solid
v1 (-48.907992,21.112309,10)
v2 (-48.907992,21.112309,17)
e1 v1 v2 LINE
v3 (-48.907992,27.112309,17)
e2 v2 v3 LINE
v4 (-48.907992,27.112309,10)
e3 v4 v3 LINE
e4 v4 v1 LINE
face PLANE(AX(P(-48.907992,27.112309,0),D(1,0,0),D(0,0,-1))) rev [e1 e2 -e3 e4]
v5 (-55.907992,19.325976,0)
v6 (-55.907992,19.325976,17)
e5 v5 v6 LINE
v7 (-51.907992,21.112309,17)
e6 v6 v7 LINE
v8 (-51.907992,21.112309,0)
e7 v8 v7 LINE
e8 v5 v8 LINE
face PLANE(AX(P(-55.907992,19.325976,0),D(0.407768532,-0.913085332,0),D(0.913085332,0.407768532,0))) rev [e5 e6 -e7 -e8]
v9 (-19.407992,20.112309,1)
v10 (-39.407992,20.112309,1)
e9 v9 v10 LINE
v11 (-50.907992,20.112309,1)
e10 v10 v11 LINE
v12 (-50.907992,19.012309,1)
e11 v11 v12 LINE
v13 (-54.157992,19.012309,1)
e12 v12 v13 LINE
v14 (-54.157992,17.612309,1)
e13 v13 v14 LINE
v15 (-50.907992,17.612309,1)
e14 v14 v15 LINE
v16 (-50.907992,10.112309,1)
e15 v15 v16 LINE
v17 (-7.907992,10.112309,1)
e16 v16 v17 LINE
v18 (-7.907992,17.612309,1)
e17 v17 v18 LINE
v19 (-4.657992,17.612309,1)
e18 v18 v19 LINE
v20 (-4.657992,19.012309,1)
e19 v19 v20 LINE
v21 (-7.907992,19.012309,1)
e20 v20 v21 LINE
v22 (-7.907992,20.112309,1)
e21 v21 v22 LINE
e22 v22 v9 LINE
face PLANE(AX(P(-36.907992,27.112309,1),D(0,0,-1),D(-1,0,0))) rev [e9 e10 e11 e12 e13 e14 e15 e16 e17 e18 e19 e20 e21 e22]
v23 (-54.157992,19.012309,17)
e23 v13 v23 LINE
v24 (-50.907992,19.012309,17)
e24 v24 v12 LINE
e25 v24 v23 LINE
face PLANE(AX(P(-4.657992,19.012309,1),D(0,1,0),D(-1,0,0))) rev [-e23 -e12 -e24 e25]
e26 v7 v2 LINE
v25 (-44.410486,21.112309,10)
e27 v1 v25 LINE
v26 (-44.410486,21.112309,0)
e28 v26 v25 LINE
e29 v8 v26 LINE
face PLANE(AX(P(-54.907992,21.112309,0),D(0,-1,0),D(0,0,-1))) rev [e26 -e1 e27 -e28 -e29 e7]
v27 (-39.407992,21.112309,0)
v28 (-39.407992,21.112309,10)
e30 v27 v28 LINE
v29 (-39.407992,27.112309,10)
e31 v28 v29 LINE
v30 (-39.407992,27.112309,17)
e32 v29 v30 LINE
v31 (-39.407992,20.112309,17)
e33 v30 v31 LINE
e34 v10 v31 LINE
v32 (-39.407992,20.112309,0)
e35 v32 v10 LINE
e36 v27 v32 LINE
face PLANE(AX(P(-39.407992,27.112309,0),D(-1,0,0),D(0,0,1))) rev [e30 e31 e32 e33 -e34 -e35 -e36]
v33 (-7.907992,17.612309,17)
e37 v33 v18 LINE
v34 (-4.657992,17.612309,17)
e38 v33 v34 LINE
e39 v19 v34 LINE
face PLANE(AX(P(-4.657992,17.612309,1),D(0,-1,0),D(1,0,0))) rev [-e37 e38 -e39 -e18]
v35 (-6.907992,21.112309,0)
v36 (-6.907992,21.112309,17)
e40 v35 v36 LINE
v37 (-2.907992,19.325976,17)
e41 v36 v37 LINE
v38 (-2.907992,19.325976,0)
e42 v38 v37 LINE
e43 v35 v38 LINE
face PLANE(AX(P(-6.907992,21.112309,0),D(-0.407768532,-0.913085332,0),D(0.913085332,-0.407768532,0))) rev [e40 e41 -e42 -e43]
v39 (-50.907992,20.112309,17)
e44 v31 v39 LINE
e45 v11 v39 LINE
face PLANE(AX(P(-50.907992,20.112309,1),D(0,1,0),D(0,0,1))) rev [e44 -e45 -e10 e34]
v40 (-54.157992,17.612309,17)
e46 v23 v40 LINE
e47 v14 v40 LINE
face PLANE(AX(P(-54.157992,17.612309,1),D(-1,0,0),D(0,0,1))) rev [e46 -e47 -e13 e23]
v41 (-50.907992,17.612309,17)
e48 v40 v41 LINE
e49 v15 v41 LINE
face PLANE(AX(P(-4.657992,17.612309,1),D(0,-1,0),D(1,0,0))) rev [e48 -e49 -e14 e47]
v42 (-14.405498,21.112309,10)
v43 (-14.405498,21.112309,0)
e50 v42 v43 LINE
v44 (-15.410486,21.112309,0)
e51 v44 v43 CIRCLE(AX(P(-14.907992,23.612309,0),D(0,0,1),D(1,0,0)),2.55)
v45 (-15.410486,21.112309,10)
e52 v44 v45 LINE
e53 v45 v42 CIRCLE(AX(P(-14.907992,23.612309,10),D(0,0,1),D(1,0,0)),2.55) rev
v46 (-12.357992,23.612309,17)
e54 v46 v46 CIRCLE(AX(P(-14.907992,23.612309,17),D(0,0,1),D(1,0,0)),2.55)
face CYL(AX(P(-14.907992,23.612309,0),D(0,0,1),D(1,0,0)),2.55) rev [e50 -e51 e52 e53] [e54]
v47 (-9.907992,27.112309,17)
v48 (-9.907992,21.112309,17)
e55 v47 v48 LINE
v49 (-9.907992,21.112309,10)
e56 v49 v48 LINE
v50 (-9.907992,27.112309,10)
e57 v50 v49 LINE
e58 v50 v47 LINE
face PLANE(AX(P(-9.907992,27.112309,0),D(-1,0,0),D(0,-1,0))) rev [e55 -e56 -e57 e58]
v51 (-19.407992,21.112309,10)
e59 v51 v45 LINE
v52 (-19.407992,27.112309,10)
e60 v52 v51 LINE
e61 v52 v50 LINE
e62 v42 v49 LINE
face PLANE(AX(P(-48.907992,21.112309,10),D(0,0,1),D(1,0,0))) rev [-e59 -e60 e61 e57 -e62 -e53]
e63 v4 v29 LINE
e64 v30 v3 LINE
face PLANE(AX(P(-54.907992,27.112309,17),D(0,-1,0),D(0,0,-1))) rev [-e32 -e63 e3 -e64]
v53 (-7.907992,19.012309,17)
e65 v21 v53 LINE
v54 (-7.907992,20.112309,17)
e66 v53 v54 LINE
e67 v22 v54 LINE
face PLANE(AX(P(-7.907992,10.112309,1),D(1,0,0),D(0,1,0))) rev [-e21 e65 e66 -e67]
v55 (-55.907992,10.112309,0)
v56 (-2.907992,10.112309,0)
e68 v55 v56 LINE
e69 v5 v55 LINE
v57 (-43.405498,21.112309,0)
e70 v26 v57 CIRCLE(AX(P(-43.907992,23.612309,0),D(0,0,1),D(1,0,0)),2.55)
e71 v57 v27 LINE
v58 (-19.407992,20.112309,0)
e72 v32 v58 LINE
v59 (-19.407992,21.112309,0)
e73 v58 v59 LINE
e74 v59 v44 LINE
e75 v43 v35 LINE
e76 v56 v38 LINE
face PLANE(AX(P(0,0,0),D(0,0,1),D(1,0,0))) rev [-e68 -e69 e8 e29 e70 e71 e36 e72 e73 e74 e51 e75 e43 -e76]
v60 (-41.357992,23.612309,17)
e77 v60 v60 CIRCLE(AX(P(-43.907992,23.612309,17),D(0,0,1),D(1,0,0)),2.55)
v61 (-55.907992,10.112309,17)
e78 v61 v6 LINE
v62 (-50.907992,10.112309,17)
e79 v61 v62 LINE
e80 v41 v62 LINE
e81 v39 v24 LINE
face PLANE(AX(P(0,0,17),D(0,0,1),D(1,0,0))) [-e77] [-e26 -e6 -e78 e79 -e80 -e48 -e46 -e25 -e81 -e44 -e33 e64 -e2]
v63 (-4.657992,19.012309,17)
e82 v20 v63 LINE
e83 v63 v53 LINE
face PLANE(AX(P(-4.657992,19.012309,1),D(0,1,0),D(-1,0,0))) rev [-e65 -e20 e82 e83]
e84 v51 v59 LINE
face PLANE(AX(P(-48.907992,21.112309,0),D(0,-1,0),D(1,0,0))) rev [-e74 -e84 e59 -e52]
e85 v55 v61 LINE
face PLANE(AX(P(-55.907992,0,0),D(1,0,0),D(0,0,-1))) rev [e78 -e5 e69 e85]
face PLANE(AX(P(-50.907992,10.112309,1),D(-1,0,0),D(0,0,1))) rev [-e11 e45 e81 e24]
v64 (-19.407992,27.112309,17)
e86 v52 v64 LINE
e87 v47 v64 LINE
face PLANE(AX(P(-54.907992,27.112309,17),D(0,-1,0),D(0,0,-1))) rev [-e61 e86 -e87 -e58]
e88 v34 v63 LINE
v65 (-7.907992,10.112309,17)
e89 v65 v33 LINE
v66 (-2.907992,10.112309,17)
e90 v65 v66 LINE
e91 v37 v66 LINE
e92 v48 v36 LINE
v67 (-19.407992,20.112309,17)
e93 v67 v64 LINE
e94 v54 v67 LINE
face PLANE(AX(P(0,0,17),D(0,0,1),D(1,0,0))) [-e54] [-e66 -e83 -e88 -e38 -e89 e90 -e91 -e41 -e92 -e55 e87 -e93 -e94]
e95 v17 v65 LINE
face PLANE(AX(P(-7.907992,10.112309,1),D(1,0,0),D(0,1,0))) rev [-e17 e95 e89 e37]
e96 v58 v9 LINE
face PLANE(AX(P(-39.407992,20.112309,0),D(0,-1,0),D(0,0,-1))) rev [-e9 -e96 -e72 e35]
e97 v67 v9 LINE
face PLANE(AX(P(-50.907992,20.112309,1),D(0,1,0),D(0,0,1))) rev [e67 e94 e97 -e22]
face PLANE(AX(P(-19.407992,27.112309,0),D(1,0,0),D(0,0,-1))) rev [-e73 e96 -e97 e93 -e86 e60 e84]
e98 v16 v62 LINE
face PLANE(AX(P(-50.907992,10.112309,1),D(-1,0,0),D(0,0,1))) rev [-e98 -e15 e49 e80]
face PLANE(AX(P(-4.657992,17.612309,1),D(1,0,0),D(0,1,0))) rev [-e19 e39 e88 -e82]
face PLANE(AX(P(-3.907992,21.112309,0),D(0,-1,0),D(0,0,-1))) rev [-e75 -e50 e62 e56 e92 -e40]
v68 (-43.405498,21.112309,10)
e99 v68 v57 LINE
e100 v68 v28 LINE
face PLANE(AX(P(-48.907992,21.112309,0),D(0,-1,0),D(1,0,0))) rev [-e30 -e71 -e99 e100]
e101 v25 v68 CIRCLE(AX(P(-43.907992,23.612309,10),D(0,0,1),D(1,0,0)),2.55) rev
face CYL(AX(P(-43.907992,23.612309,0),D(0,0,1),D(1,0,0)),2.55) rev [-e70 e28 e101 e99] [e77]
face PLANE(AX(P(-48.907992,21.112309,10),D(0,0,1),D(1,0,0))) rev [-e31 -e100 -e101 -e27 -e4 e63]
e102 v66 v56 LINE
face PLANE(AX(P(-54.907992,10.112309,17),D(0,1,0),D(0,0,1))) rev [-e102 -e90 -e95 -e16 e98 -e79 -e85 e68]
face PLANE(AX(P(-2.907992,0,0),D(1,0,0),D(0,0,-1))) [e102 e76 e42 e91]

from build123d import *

# Parameters (mm, degrees)
CROQUIS1_W              = 51
CROQUIS1_H              = 17
SALIENTE_EXTRUIR1_DEPTH = 17
CROQUIS2_W              = 15
CROQUIS2_H              = 16
CORTAR_EXTRUIR1_DEPTH   = 17
CROQUIS3_W              = 43
CROQUIS3_H              = 10
CORTAR_EXTRUIR2_DEPTH   = 16
CORTAR_EXTRUIR3_START   = -17
CROQUIS5_R              = 2.55
CORTAR_EXTRUIR3_DEPTH   = 17
CROQUIS6_W              = 49.5
CROQUIS6_H              = 1.4
CORTAR_EXTRUIR4_DEPTH   = 16
CORTAR_EXTRUIR5_START   = -17
CROQUIS7_W              = 6
CROQUIS7_H              = 6
CROQUIS7_W_2            = 20
CROQUIS7_H_2            = 7
CORTAR_EXTRUIR5_DEPTH   = 17
CORTAR_EXTRUIR6_START   = -39
CROQUIS8_W              = 10
CROQUIS8_H              = 6
CORTAR_EXTRUIR6_DEPTH   = 39
CROQUIS10_W             = 17
CROQUIS10_H             = 11
SALIENTE_EXTRUIR4_DEPTH = 1
CROQUIS11_W             = 17
CROQUIS11_H             = 11
SALIENTE_EXTRUIR5_DEPTH = 1
CORTAR_EXTRUIR7_START   = -17
CORTAR_EXTRUIR7_DEPTH   = 17


with BuildPart() as part:
    # Croquis1 → Saliente-Extruir1 (new body)
    with BuildSketch(Plane.XY):
        with Locations((-29.407991935, 18.612308998)):
            Rectangle(CROQUIS1_W, CROQUIS1_H)
    extrude(amount=SALIENTE_EXTRUIR1_DEPTH)

    # Croquis2 → Cortar-Extruir1 (cut)
    with BuildSketch(Plane.XZ.offset(-10.112308998)):
        with Locations((-29.407991935, 9)):
            Rectangle(CROQUIS2_W, CROQUIS2_H)
    extrude(amount=-CORTAR_EXTRUIR1_DEPTH, mode=Mode.SUBTRACT)

    # Croquis3 → Cortar-Extruir2 (cut)
    with BuildSketch(Plane.XY.offset(17)):
        with Locations((-29.407991935, 15.112308998)):
            Rectangle(CROQUIS3_W, CROQUIS3_H)
    extrude(amount=-CORTAR_EXTRUIR2_DEPTH, mode=Mode.SUBTRACT)

    # Croquis5 → Cortar-Extruir3 (cut)
    with BuildSketch(Plane.XY.offset(17).offset(CORTAR_EXTRUIR3_START)):
        with Locations((-43.907991935, 23.612308998)):
            Circle(CROQUIS5_R)
        with Locations((-14.907991935, 23.612308998)):
            Circle(CROQUIS5_R)
    extrude(amount=CORTAR_EXTRUIR3_DEPTH, mode=Mode.SUBTRACT)

    # Croquis6 → Cortar-Extruir4 (cut)
    with BuildSketch(Plane.XY.offset(17)):
        with Locations((-29.407991935, 18.312308998)):
            Rectangle(CROQUIS6_W, CROQUIS6_H)
    extrude(amount=-CORTAR_EXTRUIR4_DEPTH, mode=Mode.SUBTRACT)

    # Croquis7 → Cortar-Extruir5 (cut)
    with BuildSketch(Plane.XY.offset(17).offset(CORTAR_EXTRUIR5_START)):
        with Locations((-6.907991935, 24.112308998)):
            Rectangle(CROQUIS7_W, CROQUIS7_H)
        with Locations((-51.907991935, 24.112308998)):
            Rectangle(CROQUIS7_W, CROQUIS7_H)
        with Locations((-29.407991935, 23.612308998)):
            Rectangle(CROQUIS7_W_2, CROQUIS7_H_2)
    extrude(amount=CORTAR_EXTRUIR5_DEPTH, mode=Mode.SUBTRACT)

    # Croquis8 → Cortar-Extruir6 (cut)
    with BuildSketch(Plane(origin=(-9.907991935, 0, 0), x_dir=(0, 0, -1), z_dir=(1, 0, 0)).offset(CORTAR_EXTRUIR6_START)):
        with Locations((-5, 24.112308998)):
            Rectangle(CROQUIS8_W, CROQUIS8_H)
    extrude(amount=CORTAR_EXTRUIR6_DEPTH, mode=Mode.SUBTRACT)

    # Croquis10 → Saliente-Extruir4 (add)
    with BuildSketch(Plane.ZY.offset(54.907991935)):
        with Locations((8.5, 15.612308998)):
            Rectangle(CROQUIS10_W, CROQUIS10_H)
    extrude(amount=SALIENTE_EXTRUIR4_DEPTH)

    # Croquis11 → Saliente-Extruir5 (add)
    with BuildSketch(Plane(origin=(-3.907991935, 0, 0), x_dir=(0, 0, -1), z_dir=(1, 0, 0))):
        with Locations((-8.5, 15.612308998)):
            Rectangle(CROQUIS11_W, CROQUIS11_H)
    extrude(amount=SALIENTE_EXTRUIR5_DEPTH)

    # Croquis12 → Cortar-Extruir7 (cut)
    with BuildSketch(Plane.XY.offset(17).offset(CORTAR_EXTRUIR7_START)):
        Polygon((-55.907991935, 21.112308998), (-51.907991935, 21.112308998), (-55.907991935, 19.325976361), align=None)
        Polygon((-2.907991935, 21.112308998), (-6.907991935, 21.112308998), (-2.907991935, 19.325976361), align=None)
    extrude(amount=CORTAR_EXTRUIR7_DEPTH, mode=Mode.SUBTRACT)


solid = part.part
